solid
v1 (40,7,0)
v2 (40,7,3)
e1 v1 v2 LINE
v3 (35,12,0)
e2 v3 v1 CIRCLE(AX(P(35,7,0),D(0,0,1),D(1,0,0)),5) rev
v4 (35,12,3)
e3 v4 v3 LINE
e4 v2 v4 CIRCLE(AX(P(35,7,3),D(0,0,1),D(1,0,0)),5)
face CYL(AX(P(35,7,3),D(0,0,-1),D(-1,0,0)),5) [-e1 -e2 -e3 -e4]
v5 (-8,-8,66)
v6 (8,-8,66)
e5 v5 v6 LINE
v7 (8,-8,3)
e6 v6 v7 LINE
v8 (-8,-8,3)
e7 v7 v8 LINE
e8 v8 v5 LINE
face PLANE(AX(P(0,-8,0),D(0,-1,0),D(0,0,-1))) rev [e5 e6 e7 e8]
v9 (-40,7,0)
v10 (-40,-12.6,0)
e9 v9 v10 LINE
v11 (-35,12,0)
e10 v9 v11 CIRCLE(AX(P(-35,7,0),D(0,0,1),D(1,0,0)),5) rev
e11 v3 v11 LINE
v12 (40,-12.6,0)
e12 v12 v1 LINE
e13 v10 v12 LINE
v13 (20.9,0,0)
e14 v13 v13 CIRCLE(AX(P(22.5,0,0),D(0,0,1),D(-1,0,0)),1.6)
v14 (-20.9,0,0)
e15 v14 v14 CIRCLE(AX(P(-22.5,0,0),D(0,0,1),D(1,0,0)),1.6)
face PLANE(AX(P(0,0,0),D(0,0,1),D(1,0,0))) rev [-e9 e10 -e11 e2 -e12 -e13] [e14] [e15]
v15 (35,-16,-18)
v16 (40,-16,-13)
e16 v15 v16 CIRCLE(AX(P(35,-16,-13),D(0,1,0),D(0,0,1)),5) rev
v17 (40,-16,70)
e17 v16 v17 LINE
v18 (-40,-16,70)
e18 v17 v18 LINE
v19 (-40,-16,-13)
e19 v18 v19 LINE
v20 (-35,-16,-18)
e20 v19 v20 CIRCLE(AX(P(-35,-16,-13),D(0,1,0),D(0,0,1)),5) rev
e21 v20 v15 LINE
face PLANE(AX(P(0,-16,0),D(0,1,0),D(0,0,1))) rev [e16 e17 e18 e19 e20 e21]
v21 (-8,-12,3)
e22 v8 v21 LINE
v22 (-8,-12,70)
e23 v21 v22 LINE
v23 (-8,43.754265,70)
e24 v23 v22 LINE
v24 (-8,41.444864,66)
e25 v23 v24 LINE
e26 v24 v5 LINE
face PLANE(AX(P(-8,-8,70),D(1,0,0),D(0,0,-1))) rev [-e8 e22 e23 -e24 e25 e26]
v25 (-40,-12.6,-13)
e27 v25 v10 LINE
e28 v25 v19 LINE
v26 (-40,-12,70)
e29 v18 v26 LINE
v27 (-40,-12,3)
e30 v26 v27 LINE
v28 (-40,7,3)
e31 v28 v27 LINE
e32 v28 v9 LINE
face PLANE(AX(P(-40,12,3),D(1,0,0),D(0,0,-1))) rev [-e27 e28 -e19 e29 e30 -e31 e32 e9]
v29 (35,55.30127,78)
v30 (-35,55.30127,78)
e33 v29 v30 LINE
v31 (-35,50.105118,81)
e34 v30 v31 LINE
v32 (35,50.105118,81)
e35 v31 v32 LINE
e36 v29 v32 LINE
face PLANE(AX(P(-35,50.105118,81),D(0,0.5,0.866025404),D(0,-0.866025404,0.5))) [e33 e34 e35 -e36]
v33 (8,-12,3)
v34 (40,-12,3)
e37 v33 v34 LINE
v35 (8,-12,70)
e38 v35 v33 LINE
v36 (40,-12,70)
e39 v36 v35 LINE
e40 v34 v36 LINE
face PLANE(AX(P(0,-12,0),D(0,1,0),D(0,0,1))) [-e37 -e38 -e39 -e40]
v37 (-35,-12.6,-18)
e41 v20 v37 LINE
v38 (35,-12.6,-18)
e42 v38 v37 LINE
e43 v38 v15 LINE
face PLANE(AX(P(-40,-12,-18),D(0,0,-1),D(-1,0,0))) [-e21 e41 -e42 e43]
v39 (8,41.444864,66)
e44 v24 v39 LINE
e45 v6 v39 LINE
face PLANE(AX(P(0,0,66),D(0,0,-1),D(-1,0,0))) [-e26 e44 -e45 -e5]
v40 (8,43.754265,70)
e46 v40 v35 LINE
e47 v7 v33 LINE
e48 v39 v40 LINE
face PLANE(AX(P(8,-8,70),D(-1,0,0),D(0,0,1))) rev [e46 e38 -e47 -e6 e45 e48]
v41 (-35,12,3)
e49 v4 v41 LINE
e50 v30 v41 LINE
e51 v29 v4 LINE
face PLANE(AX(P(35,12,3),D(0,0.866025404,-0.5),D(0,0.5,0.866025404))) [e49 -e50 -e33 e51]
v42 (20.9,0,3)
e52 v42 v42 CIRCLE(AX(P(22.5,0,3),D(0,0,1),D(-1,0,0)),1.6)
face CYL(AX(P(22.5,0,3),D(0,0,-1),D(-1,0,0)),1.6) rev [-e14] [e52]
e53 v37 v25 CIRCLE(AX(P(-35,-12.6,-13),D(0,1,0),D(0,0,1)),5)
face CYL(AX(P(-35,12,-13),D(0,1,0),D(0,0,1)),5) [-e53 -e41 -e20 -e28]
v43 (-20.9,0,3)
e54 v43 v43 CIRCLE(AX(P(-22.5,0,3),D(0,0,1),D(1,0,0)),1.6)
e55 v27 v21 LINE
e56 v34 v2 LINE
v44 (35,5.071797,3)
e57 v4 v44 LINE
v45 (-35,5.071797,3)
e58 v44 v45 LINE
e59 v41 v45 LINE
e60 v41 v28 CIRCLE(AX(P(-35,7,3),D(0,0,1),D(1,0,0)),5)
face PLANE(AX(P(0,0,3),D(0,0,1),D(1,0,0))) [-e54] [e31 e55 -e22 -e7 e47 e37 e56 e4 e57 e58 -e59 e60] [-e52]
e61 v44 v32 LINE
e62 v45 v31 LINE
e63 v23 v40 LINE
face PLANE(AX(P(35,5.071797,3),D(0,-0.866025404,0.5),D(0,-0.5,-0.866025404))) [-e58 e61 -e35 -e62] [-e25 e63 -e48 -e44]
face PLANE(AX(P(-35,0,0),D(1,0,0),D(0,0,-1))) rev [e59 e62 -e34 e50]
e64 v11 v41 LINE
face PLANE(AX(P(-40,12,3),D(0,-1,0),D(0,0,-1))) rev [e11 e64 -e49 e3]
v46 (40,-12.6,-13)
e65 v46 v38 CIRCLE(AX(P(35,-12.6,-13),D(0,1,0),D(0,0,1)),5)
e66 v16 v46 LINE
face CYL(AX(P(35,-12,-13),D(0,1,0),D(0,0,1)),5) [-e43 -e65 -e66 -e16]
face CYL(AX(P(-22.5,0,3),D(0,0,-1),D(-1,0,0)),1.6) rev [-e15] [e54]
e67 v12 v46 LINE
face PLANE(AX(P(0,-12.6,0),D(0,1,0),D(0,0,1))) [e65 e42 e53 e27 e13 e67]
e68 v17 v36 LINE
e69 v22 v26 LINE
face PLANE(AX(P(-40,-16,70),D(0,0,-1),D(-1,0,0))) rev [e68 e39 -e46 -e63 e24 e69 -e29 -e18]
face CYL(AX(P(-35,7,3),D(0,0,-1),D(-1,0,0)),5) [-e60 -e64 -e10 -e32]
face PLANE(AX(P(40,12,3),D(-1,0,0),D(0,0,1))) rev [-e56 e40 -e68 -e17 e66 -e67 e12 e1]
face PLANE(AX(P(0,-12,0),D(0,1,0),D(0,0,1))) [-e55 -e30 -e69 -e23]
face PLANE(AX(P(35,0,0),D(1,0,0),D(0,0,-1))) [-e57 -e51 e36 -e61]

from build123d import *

# Parameters (mm, degrees)
SKETCH_1_W           = 80
SKETCH_1_H           = 24
SKETCH_1_R           = 1.6
EXTRUDE_1_DEPTH      = 3
SKETCH_2_W           = 80
SKETCH_2_H           = 70
EXTRUDE_2_DEPTH      = 4
SKETCH_3_W           = 80
SKETCH_3_H           = 18
EXTRUDE_3_DEPTH      = 4
SKETCH_4_W           = 80
SKETCH_4_H           = 18
CUT_EXTRUDE_1_DEPTH  = 0.6
FILLET_1_R           = 5
FILLET_2_R           = 5
SKETCH_5_W           = 16
SKETCH_5_H           = 67
EXTRUDE_4_DEPTH      = 4
SKETCH_6_W           = 16
SKETCH_6_H           = 40
EXTRUDE_5_DEPTH      = 4
EXTRUDE_6_DEPTH      = 35
EXTRUDE_6_DEPTH_BACK = 35
SKETCH_9_W           = 16
SKETCH_9_H           = 15
EXTRUDE_7_DEPTH      = 4
EXTRUDE_9_DEPTH      = 70


with BuildPart() as part:
    # 草图1 → 凸台-拉伸1 (new body)
    with BuildSketch(Plane.XY):
        Rectangle(SKETCH_1_W, SKETCH_1_H)
        with Locations((-22.5, 0)):
            Circle(SKETCH_1_R, mode=Mode.SUBTRACT)
        with Locations(Location((22.5, 0, 0), (0, 0, 180))):
            Circle(SKETCH_1_R, mode=Mode.SUBTRACT)
    extrude(amount=EXTRUDE_1_DEPTH)

    # 草图2 → 凸台-拉伸2 (add)
    with BuildSketch(Plane.XZ.offset(12)):
        with Locations((0, 35)):
            Rectangle(SKETCH_2_W, SKETCH_2_H)
    extrude(amount=EXTRUDE_2_DEPTH)

    # 草图3 → 凸台-拉伸3 (add)
    with BuildSketch(Plane.XZ.offset(16)):
        with Locations((0, -9)):
            Rectangle(SKETCH_3_W, SKETCH_3_H)
    extrude(amount=-EXTRUDE_3_DEPTH)

    # 草图4 → 切除-拉伸1 (cut)
    with BuildSketch(Plane(origin=(0, -12, 0), x_dir=(1, 0, 0), z_dir=(0, 1, 0))):
        with Locations((0, 9)):
            Rectangle(SKETCH_4_W, SKETCH_4_H)
    extrude(amount=-CUT_EXTRUDE_1_DEPTH, mode=Mode.SUBTRACT)

    # 圆角1
    fillet_1_edges = [part.edges().sort_by_distance(p)[0] for p in [
        (-40, -14.3, -18),
        (40, -14.3, -18),
    ]]
    fillet(fillet_1_edges, radius=FILLET_1_R)

    # 圆角2
    fillet_2_edges = [part.edges().sort_by_distance(p)[0] for p in [
        (-40, 12, 1.5),
        (40, 12, 1.5),
    ]]
    fillet(fillet_2_edges, radius=FILLET_2_R)

    # 草图5 → 凸台-拉伸4 (add)
    with BuildSketch(Plane(origin=(0, -12, 0), x_dir=(1, 0, 0), z_dir=(0, 1, 0))):
        with Locations((0, -36.5)):
            Rectangle(SKETCH_5_W, SKETCH_5_H)
    extrude(amount=EXTRUDE_4_DEPTH)

    # 草图6 → 凸台-拉伸5 (add)
    with BuildSketch(Plane.XY.offset(70)):
        with Locations((0, 12)):
            Rectangle(SKETCH_6_W, SKETCH_6_H)
    extrude(amount=-EXTRUDE_5_DEPTH)

    # 草图8 → 凸台-拉伸6 (add, two sides: drawn at the far end of the back side and taken through both)
    with BuildSketch(Plane.ZY.offset(-EXTRUDE_6_DEPTH_BACK)):
        Polygon((3, 12), (78, 55.301270189), (78, 48.373066959), (3, 5.07179677), align=None)
    extrude(amount=EXTRUDE_6_DEPTH + EXTRUDE_6_DEPTH_BACK)

    # 草图9 → 凸台-拉伸7 (add)
    with BuildSketch(Plane(origin=(0, 0, 66), x_dir=(-1, 0, 0), z_dir=(0, 0, -1))):
        with Locations((0, 39.5)):
            Rectangle(SKETCH_9_W, SKETCH_9_H)
    extrude(amount=-EXTRUDE_7_DEPTH)

    # 草图11 → 凸台-拉伸9 (add)
    with BuildSketch(Plane(origin=(35, 0, 0), x_dir=(0, 0, -1), z_dir=(1, 0, 0))):
        Polygon((-78, 48.373066959), (-81, 50.105117767), (-78, 55.301270189), align=None)
    extrude(amount=-EXTRUDE_9_DEPTH)


solid = part.part
